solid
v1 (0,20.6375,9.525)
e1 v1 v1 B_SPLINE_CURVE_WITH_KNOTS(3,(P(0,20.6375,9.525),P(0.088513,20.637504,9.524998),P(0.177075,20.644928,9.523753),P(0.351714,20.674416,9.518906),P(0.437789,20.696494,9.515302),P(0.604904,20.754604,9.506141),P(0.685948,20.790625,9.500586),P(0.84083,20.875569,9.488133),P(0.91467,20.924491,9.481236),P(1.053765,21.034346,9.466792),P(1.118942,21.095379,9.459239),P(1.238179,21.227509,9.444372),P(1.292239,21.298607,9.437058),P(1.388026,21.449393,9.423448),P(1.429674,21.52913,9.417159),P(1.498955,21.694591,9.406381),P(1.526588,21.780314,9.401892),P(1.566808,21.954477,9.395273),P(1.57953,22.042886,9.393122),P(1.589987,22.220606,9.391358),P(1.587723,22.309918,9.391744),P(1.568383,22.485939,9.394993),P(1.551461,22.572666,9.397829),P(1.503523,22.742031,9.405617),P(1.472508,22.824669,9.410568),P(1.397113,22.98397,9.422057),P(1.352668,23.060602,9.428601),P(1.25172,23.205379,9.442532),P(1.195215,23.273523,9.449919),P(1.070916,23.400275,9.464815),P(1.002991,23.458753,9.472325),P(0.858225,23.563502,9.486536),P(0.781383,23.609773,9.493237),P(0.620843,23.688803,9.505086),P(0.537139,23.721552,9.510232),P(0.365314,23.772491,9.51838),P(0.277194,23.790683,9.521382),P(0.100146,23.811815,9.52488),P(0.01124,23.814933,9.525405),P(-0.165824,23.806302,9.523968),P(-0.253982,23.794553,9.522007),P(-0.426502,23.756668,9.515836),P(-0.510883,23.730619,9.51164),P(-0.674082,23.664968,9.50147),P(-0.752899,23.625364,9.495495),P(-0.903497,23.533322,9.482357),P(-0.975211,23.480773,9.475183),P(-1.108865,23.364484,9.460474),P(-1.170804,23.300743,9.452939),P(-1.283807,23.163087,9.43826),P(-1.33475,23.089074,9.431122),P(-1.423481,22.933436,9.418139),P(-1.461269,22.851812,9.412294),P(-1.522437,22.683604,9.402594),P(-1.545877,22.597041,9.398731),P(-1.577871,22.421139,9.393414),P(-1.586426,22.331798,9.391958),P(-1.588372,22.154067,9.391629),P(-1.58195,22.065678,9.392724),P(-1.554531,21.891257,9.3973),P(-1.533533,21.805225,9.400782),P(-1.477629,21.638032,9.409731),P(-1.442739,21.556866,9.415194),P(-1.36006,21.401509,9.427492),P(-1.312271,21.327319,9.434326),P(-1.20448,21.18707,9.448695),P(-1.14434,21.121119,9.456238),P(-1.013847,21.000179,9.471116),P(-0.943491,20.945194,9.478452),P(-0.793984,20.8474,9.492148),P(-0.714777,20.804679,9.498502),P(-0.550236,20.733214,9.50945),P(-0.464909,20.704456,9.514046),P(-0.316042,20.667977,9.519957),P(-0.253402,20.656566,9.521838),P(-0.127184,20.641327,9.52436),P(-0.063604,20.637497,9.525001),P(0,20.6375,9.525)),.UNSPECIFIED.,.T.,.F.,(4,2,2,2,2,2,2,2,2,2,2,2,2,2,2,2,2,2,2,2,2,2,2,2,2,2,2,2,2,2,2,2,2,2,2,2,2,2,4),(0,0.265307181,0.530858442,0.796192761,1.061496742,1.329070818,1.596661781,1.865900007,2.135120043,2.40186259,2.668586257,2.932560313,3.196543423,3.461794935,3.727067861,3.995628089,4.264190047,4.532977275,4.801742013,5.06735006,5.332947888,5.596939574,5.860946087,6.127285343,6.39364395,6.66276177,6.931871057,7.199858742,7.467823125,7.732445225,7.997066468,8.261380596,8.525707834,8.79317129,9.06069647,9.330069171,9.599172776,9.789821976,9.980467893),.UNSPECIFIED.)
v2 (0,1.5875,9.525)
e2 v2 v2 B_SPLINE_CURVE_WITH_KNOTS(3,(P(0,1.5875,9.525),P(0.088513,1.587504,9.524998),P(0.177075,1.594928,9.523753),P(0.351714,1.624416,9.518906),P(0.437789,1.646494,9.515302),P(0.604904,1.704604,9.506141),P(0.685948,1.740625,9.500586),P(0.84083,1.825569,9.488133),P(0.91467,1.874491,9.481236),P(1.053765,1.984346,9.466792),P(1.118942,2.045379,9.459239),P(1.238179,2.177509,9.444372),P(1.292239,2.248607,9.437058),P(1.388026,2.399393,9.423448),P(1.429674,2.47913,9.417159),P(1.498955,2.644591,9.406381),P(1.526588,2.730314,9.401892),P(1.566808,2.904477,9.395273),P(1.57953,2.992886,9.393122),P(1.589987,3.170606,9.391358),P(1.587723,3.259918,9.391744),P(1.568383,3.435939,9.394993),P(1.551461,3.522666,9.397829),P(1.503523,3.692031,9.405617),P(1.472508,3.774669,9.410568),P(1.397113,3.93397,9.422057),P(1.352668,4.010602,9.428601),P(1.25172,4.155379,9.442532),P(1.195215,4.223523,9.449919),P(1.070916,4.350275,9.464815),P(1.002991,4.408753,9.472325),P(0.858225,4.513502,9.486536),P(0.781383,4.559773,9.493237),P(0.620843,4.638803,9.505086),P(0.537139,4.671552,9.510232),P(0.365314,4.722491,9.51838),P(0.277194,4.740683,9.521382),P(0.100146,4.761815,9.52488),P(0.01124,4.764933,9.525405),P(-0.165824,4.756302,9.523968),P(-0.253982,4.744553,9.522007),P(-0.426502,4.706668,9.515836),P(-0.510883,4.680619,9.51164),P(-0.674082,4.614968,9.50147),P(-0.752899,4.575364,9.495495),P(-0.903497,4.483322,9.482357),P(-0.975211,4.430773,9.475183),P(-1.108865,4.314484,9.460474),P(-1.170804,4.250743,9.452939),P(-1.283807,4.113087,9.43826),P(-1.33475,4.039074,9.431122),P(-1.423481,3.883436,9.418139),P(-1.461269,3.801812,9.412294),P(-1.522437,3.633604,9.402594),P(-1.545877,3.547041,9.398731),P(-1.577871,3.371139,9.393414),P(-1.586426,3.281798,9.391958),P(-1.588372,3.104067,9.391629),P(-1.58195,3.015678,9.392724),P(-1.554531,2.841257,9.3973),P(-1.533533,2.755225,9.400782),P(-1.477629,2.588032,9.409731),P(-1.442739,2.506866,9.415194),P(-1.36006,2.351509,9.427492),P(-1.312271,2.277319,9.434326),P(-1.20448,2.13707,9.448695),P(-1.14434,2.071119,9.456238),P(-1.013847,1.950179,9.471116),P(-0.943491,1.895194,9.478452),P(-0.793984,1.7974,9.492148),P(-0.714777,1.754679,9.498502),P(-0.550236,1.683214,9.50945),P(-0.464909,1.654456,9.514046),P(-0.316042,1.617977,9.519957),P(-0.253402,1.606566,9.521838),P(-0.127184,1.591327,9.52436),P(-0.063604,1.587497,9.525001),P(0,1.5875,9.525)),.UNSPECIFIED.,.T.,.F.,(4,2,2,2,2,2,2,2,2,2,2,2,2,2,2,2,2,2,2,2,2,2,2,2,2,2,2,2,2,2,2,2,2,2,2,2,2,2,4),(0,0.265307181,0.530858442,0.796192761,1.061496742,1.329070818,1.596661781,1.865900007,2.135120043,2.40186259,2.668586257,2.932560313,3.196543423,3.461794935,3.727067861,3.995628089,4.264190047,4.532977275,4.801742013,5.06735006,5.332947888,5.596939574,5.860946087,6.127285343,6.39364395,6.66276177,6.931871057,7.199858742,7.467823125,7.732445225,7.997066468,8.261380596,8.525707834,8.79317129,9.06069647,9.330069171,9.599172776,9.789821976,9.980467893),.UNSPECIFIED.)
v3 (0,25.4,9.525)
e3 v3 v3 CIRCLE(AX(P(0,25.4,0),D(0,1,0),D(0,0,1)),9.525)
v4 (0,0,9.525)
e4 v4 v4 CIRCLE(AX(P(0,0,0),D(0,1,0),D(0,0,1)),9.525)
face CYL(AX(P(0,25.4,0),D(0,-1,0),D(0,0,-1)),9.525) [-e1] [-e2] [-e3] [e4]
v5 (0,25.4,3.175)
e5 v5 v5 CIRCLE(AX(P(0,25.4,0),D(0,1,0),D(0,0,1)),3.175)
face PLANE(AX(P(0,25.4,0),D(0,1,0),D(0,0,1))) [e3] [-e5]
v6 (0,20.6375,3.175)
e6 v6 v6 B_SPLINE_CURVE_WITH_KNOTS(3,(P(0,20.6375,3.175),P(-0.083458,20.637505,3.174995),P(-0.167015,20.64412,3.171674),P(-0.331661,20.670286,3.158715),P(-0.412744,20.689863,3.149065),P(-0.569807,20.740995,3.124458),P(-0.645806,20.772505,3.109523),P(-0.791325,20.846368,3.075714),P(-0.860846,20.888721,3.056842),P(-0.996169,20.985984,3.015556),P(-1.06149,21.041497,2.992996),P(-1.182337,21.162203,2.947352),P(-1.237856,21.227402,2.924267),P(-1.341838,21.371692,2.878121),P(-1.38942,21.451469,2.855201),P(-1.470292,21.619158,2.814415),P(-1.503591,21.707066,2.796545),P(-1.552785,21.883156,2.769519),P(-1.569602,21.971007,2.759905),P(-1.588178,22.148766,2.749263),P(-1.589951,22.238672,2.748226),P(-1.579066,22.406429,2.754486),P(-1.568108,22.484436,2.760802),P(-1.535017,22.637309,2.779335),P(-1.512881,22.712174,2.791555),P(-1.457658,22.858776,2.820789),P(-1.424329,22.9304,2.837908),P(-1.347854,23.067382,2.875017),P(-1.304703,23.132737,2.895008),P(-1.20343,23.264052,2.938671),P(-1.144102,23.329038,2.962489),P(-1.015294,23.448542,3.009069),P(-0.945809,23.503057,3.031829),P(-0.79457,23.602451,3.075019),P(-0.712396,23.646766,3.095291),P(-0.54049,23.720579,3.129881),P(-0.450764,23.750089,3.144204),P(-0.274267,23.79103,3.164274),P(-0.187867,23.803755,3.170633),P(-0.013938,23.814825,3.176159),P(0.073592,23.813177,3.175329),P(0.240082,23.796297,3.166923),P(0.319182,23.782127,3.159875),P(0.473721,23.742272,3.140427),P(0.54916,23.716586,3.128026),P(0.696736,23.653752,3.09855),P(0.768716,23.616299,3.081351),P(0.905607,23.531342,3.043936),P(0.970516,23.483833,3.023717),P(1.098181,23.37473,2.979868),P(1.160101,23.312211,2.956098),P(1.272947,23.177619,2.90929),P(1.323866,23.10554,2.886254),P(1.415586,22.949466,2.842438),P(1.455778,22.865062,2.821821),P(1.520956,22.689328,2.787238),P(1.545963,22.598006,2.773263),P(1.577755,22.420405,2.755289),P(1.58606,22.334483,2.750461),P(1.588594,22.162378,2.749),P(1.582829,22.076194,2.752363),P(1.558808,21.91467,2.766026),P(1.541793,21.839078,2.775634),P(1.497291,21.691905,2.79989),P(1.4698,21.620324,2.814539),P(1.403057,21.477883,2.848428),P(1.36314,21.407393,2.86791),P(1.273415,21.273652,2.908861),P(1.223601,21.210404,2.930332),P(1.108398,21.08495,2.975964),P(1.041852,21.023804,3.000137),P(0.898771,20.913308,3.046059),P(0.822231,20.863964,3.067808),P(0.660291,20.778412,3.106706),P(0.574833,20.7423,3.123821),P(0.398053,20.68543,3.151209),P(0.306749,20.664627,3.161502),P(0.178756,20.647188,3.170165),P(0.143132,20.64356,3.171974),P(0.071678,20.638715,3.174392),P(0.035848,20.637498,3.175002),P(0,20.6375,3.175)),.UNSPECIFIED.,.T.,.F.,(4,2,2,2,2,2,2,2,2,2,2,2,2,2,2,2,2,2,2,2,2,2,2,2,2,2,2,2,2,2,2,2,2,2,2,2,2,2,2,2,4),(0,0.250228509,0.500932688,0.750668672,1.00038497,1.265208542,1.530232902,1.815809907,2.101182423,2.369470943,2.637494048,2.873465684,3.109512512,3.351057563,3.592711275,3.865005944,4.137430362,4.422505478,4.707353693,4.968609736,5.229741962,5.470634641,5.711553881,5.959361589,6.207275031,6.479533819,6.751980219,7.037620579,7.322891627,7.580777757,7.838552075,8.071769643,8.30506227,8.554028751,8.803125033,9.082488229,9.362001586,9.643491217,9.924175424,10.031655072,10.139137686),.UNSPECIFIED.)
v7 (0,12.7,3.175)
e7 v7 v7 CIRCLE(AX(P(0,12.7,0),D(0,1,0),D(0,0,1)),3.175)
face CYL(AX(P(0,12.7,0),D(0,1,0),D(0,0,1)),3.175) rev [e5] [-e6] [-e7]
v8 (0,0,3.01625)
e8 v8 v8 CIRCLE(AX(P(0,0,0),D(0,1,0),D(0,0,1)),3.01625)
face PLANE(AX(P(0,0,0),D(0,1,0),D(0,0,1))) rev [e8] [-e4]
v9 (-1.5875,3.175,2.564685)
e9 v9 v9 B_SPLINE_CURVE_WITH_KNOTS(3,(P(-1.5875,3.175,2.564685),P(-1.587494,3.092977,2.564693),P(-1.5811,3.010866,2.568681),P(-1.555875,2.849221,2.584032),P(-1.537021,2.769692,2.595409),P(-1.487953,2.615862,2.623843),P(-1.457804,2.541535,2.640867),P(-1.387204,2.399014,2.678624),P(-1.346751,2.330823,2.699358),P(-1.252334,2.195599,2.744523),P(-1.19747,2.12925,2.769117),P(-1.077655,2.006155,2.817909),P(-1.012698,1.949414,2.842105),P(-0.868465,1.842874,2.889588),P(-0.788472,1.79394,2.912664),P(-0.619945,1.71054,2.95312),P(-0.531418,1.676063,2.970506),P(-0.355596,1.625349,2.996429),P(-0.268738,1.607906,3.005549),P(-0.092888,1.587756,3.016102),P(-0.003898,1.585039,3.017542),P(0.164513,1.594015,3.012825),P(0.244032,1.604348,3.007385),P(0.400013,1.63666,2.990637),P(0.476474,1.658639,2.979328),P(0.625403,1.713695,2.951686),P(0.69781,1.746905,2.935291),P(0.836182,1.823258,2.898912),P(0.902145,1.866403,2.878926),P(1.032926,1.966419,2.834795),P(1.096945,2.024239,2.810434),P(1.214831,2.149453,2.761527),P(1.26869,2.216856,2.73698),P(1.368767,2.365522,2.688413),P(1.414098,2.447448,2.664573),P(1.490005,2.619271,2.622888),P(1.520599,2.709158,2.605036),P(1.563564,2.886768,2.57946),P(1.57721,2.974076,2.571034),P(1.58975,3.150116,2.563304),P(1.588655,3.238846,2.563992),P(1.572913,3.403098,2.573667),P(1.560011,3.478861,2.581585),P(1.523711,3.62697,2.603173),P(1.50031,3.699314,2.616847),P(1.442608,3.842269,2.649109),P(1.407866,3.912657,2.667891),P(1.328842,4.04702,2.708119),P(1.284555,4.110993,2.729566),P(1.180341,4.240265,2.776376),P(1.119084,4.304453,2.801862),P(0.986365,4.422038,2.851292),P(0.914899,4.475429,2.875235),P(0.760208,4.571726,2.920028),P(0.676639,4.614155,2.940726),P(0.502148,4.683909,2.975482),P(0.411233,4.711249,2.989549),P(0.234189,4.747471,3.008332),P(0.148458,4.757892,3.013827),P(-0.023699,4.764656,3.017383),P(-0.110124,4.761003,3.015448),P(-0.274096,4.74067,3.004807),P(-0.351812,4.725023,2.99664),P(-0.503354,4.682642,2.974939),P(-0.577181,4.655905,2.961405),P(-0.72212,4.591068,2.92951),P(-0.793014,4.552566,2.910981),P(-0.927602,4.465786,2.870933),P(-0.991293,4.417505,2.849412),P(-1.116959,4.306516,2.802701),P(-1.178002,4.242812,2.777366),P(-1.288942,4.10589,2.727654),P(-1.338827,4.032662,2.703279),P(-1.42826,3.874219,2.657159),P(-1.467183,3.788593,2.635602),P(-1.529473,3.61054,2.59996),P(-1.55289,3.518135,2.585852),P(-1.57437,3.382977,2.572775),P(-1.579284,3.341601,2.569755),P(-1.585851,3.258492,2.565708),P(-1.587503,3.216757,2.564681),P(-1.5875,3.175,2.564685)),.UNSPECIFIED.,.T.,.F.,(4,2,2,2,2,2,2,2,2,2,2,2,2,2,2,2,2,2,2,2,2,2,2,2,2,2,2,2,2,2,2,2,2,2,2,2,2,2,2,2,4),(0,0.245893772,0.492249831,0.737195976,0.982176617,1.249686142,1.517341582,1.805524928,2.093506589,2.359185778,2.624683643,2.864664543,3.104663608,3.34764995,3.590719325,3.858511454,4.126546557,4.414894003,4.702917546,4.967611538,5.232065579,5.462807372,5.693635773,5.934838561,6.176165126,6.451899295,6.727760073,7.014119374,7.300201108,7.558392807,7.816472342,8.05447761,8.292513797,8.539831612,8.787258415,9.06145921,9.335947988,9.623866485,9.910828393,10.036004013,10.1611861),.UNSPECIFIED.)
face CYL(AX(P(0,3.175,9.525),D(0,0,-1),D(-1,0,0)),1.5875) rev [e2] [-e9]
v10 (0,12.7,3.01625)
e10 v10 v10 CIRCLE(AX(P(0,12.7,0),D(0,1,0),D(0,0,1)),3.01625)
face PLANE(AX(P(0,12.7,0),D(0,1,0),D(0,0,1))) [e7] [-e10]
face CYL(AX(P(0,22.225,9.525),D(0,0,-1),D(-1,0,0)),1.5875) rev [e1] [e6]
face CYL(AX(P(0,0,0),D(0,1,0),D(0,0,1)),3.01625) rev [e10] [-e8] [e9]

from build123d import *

# Parameters (mm, degrees)
SKETCH1_R           = 9.525
BOSS_EXTRUDE1_DEPTH = 25.4
SKETCH2_R           = 3.175
CUT_EXTRUDE1_DEPTH  = 12.7
SKETCH4_R           = 1.5875
CUT_EXTRUDE2_DEPTH  = 29.750847814
SKETCH5_R           = 3.01625
CUT_EXTRUDE3_DEPTH  = 19.513272438


with BuildPart() as part:
    # Sketch1 → Boss-Extrude1 (new body)
    with BuildSketch(Plane(origin=(0, 0, 0), x_dir=(1, 0, 0), z_dir=(0, 1, 0))):
        with Locations(Location((0, 0, 0), (0, 0, 270))):
            Circle(SKETCH1_R)
    extrude(amount=BOSS_EXTRUDE1_DEPTH)

    # Sketch2 → Cut-Extrude1 (cut)
    with BuildSketch(Plane(origin=(0, 25.4, 0), x_dir=(1, 0, 0), z_dir=(0, 1, 0))):
        with Locations(Location((0, 0, 0), (0, 0, 270))):
            Circle(SKETCH2_R)
    extrude(amount=-CUT_EXTRUDE1_DEPTH, mode=Mode.SUBTRACT)

    # Sketch4 → Cut-Extrude2 (cut, through all)
    with BuildSketch(Plane.XY):
        with Locations(Location((0, 22.225, 0), (0, 0, 270))):
            Circle(SKETCH4_R)
        with Locations(Location((0, 3.175, 0), (0, 0, 90))):
            Circle(SKETCH4_R)
    extrude(amount=CUT_EXTRUDE2_DEPTH, mode=Mode.SUBTRACT)

    # Sketch5 → Cut-Extrude3 (cut, through all)
    with BuildSketch(Plane(origin=(0, 12.7, 0), x_dir=(1, 0, 0), z_dir=(0, 1, 0))):
        with Locations(Location((0, 0, 0), (0, 0, 270))):
            Circle(SKETCH5_R)
    extrude(amount=-CUT_EXTRUDE3_DEPTH, mode=Mode.SUBTRACT)


solid = part.part
